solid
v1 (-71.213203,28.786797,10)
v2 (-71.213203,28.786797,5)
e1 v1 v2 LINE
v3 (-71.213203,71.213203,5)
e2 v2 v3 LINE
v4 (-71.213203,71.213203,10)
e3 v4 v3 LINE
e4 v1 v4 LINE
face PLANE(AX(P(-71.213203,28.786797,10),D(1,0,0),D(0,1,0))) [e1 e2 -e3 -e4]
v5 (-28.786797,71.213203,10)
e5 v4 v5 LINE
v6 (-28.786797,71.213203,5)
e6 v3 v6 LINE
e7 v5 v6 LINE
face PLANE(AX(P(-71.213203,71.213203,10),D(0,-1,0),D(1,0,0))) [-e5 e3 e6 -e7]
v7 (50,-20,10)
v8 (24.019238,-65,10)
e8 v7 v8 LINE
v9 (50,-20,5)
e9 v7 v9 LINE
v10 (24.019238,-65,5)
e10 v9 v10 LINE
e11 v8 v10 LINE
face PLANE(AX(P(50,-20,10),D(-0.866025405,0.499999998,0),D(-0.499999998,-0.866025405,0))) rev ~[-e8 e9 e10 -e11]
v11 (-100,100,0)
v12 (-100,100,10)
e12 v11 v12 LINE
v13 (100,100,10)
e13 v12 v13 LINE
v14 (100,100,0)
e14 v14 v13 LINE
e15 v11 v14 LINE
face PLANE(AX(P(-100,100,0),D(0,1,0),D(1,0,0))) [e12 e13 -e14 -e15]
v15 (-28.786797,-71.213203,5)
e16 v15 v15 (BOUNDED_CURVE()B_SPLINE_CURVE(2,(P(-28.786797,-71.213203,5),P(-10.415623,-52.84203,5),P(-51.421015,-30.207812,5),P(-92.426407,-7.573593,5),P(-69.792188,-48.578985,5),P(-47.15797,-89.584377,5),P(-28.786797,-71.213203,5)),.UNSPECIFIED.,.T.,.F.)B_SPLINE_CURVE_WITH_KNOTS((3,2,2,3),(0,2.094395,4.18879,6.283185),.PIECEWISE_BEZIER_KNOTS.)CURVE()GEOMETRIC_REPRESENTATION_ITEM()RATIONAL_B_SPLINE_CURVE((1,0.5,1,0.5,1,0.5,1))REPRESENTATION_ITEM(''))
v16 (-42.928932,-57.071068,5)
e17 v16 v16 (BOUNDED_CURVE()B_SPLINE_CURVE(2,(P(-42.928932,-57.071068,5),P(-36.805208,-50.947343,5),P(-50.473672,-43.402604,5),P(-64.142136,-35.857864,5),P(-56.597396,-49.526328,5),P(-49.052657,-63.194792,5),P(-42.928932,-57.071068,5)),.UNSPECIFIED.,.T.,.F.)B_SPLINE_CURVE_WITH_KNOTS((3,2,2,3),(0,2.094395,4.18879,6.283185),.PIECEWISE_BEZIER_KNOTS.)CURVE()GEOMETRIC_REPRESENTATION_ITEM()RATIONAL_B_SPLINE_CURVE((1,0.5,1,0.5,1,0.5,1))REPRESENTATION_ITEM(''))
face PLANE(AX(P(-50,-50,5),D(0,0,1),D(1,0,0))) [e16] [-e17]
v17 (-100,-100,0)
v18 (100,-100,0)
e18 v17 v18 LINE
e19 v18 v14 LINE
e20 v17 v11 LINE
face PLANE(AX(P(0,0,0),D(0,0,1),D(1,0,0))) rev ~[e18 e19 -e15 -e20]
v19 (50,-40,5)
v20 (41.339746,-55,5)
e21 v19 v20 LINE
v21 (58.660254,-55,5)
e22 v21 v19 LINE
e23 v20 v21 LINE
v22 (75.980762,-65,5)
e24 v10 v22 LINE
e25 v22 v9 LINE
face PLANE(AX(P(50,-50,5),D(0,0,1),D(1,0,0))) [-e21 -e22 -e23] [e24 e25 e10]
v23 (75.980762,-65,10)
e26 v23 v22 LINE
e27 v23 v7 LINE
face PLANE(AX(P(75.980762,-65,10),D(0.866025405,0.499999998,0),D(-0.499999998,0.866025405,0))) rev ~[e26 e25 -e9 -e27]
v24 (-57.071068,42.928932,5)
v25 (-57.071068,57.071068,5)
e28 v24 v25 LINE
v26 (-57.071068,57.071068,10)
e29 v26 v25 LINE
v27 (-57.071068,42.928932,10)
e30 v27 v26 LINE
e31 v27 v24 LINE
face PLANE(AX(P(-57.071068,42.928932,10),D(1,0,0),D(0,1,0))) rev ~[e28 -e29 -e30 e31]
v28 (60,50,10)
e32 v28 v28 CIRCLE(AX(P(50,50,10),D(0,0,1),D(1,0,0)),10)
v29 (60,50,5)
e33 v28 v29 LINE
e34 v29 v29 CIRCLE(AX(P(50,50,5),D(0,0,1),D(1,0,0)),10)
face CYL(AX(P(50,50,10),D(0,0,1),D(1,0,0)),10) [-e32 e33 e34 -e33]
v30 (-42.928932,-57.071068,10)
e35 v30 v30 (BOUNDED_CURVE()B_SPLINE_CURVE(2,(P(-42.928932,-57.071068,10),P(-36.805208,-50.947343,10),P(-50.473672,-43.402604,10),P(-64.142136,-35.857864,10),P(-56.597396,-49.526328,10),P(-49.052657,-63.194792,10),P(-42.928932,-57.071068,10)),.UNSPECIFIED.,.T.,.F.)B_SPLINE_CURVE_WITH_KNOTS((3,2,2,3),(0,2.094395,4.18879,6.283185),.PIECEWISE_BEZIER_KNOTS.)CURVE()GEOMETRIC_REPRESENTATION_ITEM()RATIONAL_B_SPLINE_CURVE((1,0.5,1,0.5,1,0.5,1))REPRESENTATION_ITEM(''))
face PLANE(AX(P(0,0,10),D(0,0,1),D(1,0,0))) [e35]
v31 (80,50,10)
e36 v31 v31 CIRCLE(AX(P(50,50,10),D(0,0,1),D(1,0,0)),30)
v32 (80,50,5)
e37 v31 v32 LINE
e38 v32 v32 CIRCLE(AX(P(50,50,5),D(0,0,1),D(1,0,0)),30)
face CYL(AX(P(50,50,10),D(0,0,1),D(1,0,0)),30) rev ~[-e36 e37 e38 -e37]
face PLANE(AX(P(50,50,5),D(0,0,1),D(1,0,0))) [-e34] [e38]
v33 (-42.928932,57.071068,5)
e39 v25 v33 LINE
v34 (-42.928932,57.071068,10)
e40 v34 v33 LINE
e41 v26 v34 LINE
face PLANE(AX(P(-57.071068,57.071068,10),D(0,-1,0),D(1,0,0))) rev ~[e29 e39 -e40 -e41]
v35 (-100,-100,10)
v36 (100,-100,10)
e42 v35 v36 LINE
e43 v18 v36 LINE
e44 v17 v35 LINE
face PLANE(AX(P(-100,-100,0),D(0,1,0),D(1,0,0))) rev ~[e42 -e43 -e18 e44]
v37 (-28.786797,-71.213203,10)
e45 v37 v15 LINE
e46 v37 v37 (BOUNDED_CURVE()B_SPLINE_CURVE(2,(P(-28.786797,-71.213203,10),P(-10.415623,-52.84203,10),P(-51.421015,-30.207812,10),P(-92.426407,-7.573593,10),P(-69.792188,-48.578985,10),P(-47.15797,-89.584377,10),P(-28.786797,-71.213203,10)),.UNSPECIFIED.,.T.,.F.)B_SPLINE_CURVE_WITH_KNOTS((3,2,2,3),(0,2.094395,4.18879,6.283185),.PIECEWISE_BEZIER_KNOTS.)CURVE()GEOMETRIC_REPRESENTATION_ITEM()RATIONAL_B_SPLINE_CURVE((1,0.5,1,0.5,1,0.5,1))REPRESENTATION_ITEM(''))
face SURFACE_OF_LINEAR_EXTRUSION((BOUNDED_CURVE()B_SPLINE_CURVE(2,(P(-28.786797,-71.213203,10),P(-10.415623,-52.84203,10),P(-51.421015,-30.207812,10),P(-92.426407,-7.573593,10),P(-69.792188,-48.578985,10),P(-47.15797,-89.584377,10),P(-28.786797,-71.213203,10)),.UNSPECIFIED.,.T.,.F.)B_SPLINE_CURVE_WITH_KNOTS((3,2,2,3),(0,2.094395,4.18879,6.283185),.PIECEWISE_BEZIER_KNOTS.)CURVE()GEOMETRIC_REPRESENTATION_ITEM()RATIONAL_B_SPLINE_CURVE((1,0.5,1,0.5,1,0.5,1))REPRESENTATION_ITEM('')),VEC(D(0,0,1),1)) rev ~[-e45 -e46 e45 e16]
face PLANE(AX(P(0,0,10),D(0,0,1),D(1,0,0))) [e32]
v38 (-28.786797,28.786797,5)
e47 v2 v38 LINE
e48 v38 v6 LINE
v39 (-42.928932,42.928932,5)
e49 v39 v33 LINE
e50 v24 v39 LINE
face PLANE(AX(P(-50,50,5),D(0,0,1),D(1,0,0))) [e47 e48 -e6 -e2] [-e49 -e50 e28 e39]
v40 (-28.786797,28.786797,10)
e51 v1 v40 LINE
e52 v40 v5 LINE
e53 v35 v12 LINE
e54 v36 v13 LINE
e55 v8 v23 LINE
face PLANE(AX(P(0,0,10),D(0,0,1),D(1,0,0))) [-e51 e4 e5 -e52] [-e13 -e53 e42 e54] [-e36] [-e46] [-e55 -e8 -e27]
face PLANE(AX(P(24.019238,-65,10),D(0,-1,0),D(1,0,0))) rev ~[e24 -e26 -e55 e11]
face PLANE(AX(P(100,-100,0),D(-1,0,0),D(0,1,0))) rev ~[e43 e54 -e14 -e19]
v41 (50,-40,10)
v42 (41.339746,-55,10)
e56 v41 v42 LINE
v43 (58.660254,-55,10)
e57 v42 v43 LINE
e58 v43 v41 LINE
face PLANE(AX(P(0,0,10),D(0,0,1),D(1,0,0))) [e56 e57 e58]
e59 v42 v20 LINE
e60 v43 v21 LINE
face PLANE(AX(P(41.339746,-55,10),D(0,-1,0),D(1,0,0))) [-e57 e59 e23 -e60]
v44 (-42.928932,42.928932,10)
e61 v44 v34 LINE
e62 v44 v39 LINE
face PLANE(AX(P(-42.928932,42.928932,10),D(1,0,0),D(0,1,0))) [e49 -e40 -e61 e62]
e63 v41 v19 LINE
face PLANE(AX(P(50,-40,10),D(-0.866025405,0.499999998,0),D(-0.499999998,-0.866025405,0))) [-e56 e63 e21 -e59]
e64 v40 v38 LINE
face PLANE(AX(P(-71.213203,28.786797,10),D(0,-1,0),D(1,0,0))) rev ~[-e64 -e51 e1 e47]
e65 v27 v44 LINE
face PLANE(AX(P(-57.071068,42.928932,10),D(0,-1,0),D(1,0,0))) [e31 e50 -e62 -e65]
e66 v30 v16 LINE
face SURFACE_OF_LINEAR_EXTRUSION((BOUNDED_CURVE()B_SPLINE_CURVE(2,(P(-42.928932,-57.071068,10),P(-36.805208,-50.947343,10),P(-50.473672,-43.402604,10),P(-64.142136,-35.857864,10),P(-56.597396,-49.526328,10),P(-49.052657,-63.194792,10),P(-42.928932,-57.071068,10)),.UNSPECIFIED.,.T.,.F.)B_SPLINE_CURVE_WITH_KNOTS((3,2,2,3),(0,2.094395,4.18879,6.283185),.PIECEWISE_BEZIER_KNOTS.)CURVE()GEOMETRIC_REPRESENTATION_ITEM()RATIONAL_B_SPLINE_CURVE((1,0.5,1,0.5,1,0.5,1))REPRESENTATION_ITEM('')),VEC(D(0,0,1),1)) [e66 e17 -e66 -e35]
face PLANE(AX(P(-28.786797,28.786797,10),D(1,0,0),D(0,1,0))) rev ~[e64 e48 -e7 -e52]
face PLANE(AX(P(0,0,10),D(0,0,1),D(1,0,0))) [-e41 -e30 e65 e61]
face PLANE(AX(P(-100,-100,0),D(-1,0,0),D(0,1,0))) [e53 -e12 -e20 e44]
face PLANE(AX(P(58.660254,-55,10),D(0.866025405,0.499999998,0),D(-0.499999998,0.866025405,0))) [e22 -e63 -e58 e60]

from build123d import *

# Parameters (mm, degrees)
SKETCH_W      = 200
SKETCH_H      = 200
PAD_DEPTH     = 10
SKETCH001_R   = 30
SKETCH001_R_2 = 10
SKETCH001_W   = 42.426406
SKETCH001_H   = 42.426406
SKETCH001_W_2 = 14.142136
SKETCH001_H_2 = 14.142136
POCKET_DEPTH  = 5


with BuildPart() as part:
    # Sketch → Pad (new body)
    with BuildSketch(Plane.XY):
        Rectangle(SKETCH_W, SKETCH_H)
    extrude(amount=PAD_DEPTH)

    # Sketch001 (on Face6 of Pad) → Pocket (cut)
    with BuildSketch(Plane.XY.offset(10)):
        with Locations((50, 50)):
            Circle(SKETCH001_R)
        with Locations((50, 50)):
            Circle(SKETCH001_R_2, mode=Mode.SUBTRACT)
        with BuildLine():
            add(Edge.make_bspline(
                [(-28.786797, -71.213203), (-10.415623, -52.84203), (-51.421015, -30.207812), (-92.426407, -7.573593), (-69.792188, -48.578985), (-47.15797, -89.584377), (-28.786797, -71.213203)],
                knots=[0, 0, 0, 2.094395, 2.094395, 4.18879, 4.18879, 6.283185, 6.283185, 6.283185], degree=2, weights=[1, 0.5, 1, 0.5, 1, 0.5, 1]))
        make_face()
        with BuildLine():
            add(Edge.make_bspline(
                [(-42.928932, -57.071068), (-36.805208, -50.947343), (-50.473672, -43.402604), (-64.142136, -35.857864), (-56.597396, -49.526328), (-49.052657, -63.194792), (-42.928932, -57.071068)],
                knots=[0, 0, 0, 2.094395, 2.094395, 4.18879, 4.18879, 6.283185, 6.283185, 6.283185], degree=2, weights=[1, 0.5, 1, 0.5, 1, 0.5, 1]))
        make_face(mode=Mode.SUBTRACT)
        Polygon((75.980762, -65), (50, -20), (24.019238, -65), align=None)
        Polygon((58.660254, -55), (50, -40), (41.339746, -55), align=None, mode=Mode.SUBTRACT)
        with Locations((-50, 50)):
            Rectangle(SKETCH001_W, SKETCH001_H)
        with Locations((-50, 50)):
            Rectangle(SKETCH001_W_2, SKETCH001_H_2, mode=Mode.SUBTRACT)
    extrude(amount=-POCKET_DEPTH, mode=Mode.SUBTRACT)


solid = part.part
